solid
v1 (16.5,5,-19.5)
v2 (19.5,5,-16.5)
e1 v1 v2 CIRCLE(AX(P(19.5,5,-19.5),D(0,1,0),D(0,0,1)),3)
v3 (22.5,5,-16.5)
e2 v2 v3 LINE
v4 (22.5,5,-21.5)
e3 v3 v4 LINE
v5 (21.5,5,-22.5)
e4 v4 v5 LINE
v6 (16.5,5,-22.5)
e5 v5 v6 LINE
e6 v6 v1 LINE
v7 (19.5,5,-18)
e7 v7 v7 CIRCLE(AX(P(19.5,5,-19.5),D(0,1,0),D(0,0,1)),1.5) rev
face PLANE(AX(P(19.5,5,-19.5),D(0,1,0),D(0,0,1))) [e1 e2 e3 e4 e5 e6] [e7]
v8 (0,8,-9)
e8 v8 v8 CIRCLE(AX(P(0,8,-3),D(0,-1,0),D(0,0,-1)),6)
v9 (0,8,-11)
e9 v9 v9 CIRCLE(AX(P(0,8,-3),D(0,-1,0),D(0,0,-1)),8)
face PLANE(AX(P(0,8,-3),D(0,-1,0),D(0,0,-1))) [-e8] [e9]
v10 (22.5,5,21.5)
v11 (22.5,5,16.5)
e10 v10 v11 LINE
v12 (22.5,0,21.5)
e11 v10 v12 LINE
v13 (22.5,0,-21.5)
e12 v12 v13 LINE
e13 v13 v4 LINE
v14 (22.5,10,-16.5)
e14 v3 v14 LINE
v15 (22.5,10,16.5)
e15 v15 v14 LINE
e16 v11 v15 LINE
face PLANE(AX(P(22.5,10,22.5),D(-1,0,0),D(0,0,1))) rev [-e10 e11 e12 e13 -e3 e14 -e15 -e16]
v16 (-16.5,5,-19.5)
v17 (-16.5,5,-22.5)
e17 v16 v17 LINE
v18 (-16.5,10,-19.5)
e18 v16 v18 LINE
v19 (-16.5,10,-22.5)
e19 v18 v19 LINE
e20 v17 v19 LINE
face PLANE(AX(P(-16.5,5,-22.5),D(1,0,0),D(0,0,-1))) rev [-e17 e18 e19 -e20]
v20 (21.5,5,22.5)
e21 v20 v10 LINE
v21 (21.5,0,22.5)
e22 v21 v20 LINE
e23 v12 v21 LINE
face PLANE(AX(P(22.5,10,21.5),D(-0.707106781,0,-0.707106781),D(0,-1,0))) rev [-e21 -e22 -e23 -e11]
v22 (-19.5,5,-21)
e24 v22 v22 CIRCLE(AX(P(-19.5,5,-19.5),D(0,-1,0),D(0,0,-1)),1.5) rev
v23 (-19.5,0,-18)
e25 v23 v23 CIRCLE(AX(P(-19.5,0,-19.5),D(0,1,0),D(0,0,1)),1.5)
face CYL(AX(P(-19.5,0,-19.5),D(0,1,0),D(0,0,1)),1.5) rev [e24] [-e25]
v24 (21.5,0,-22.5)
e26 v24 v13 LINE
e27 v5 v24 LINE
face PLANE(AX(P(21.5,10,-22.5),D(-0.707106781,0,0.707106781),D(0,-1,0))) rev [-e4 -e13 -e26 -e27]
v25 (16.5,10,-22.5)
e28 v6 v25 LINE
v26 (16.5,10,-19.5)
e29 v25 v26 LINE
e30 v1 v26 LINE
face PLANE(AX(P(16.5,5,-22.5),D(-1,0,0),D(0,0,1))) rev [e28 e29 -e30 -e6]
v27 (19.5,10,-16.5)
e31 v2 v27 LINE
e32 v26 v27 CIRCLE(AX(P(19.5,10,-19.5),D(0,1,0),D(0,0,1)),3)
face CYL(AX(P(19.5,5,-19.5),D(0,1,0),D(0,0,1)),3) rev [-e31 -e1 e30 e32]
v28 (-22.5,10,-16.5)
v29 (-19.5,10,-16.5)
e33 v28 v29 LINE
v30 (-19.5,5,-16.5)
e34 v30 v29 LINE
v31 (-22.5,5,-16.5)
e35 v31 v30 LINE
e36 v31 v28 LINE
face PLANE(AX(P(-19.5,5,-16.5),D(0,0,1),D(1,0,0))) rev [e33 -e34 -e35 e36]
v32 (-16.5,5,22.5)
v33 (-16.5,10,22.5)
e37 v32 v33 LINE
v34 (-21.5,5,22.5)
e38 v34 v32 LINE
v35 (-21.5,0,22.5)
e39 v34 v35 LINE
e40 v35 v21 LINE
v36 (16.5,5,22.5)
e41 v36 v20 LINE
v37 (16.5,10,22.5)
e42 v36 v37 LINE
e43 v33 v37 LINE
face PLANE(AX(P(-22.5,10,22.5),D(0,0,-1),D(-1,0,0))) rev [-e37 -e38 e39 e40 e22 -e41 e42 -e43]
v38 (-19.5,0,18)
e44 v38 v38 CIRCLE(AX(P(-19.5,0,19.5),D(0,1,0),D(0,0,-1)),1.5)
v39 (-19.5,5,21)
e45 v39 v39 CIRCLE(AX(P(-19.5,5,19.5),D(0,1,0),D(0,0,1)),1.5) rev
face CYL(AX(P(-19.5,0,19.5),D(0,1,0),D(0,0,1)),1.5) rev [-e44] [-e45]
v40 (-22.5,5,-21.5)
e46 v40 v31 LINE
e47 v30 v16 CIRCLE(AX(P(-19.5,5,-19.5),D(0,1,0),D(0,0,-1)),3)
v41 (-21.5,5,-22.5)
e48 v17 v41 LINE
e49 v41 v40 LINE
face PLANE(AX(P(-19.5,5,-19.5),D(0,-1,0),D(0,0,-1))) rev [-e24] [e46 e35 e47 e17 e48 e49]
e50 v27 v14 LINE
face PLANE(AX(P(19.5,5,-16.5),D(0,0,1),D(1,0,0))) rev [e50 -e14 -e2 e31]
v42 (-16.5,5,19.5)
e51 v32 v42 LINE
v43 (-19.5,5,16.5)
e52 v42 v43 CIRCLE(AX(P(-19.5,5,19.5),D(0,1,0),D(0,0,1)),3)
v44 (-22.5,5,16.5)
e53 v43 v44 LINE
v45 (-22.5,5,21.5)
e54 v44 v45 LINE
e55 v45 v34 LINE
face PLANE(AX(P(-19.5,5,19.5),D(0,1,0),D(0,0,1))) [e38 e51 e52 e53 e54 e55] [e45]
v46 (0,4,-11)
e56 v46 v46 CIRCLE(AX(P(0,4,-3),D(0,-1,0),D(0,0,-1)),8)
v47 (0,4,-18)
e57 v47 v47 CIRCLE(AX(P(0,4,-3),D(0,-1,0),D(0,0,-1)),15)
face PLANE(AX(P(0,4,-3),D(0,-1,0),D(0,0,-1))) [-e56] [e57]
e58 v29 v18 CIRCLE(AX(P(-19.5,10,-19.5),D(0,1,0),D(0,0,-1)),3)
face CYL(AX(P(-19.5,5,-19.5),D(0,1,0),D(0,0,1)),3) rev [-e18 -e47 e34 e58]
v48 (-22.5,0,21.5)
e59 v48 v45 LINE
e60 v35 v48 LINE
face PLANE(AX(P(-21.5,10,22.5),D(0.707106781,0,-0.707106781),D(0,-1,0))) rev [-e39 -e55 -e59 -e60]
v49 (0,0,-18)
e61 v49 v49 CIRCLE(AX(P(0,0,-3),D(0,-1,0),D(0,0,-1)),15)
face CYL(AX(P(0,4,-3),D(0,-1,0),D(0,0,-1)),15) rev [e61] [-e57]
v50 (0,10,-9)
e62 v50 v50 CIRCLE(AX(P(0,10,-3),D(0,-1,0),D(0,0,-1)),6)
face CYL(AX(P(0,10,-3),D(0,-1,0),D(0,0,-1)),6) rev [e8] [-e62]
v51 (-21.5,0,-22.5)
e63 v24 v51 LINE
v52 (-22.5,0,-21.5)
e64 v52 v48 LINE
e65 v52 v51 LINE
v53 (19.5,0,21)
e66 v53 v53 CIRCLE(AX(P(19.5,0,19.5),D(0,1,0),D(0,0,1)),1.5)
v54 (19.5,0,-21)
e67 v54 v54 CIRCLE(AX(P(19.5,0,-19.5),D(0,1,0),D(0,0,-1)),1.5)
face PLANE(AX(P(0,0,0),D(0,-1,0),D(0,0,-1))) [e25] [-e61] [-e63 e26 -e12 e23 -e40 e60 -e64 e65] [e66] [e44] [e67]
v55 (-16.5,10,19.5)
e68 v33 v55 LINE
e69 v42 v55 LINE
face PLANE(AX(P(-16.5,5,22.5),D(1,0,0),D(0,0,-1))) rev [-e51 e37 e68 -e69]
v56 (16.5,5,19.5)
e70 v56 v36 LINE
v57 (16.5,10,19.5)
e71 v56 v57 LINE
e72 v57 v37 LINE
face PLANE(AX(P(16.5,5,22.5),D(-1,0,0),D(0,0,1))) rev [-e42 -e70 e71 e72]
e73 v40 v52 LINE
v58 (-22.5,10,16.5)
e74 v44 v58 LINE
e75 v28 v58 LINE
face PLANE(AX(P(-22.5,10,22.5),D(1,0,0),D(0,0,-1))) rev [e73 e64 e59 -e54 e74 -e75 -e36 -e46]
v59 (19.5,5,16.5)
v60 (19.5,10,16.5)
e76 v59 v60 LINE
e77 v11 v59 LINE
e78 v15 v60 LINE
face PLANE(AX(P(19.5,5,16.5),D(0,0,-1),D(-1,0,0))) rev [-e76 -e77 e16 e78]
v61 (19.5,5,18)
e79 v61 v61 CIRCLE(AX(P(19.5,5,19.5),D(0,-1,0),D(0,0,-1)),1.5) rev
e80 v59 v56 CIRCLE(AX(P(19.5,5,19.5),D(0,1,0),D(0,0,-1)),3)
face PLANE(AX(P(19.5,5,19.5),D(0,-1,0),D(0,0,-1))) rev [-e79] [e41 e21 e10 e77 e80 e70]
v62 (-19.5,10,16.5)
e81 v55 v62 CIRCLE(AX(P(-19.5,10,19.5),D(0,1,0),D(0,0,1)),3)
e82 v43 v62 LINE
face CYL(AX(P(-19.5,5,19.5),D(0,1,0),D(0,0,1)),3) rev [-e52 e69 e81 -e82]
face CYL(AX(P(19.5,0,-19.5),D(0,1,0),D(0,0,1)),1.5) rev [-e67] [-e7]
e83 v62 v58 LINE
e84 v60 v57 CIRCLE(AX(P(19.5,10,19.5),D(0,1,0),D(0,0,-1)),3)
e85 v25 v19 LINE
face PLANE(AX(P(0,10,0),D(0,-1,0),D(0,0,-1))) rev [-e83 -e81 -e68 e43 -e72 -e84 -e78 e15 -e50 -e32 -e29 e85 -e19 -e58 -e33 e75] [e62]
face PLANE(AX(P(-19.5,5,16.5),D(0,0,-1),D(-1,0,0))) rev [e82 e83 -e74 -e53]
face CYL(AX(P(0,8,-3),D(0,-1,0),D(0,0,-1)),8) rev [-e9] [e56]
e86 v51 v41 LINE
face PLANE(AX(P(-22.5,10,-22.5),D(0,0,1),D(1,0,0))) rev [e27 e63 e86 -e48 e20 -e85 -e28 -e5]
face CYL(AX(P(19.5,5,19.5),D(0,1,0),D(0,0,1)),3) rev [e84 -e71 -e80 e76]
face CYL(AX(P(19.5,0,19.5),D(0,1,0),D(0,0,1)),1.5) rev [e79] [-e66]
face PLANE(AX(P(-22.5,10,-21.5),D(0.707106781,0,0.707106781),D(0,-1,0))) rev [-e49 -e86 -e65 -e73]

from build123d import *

# Parameters (mm, degrees)
SKETCH_1_W          = 45
SKETCH_1_H          = 45
EXTRUDE_1_DEPTH     = 10
SKETCH_2_R          = 4
CUT_EXTRUDE_4_DEPTH = 34.35416016
SKETCH_3_R          = 15
CUT_EXTRUDE_5_DEPTH = 4
SKETCH_4_R          = 8
CUT_EXTRUDE_6_DEPTH = 4
SKETCH_5_R          = 1.5
CUT_EXTRUDE_7_DEPTH = 34.35416016
CUT_EXTRUDE_8_DEPTH = 5
CHAMFER_1_SIZE      = 1
SKETCH_7_R          = 6
CUT_EXTRUDE_9_DEPTH = 33.810059433


with BuildPart() as part:
    # 草图1 → 凸台-拉伸1 (new body)
    with BuildSketch(Plane(origin=(0, 0, 0), x_dir=(1, 0, 0), z_dir=(0, 1, 0))):
        Rectangle(SKETCH_1_W, SKETCH_1_H)
    extrude(amount=EXTRUDE_1_DEPTH)

    # 草图2 → 切除-拉伸4 (cut, through all)
    with BuildSketch(Plane(origin=(0, 0, 0), x_dir=(1, 0, 0), z_dir=(0, 1, 0))):
        with Locations(Location((0, 3, 0), (0, 0, 270))):
            Circle(SKETCH_2_R)
    extrude(amount=CUT_EXTRUDE_4_DEPTH, mode=Mode.SUBTRACT)

    # 草图3 → 切除-拉伸5 (cut)
    with BuildSketch(Plane.XZ):
        with Locations(Location((0, -3, 0), (0, 0, 270))):
            Circle(SKETCH_3_R)
    extrude(amount=-CUT_EXTRUDE_5_DEPTH, mode=Mode.SUBTRACT)

    # 草图4 → 切除-拉伸6 (cut)
    with BuildSketch(Plane.XZ.offset(-4)):
        with Locations(Location((0, -3, 0), (0, 0, 270))):
            Circle(SKETCH_4_R)
    extrude(amount=-CUT_EXTRUDE_6_DEPTH, mode=Mode.SUBTRACT)

    # 草图5 → 切除-拉伸7 (cut, through all)
    with BuildSketch(Plane(origin=(0, 10, 0), x_dir=(1, 0, 0), z_dir=(0, 1, 0))):
        with Locations(Location((-19.5, 19.5, 0), (0, 0, 270))):
            Circle(SKETCH_5_R)
        with Locations(Location((19.5, 19.5, 0), (0, 0, 90))):
            Circle(SKETCH_5_R)
        with Locations(Location((19.5, -19.5, 0), (0, 0, 270))):
            Circle(SKETCH_5_R)
        with Locations(Location((-19.5, -19.5, 0), (0, 0, 90))):
            Circle(SKETCH_5_R)
    extrude(amount=-CUT_EXTRUDE_7_DEPTH, mode=Mode.SUBTRACT)

    # 草图6 → 切除-拉伸8 (cut)
    with BuildSketch(Plane(origin=(0, 10, 0), x_dir=(1, 0, 0), z_dir=(0, 1, 0))):
        with BuildLine():
            Line((-16.5, 22.5), (-16.5, 19.5))
            ThreePointArc((-16.5, 19.5), (-17.378679656, 17.378679656), (-19.5, 16.5))
            Line((-19.5, 16.5), (-22.5, 16.5))
            Line((-22.5, 16.5), (-22.5, 22.5))
            Line((-22.5, 22.5), (-16.5, 22.5))
        make_face()
        with BuildLine():
            Line((22.5, 16.5), (22.5, 22.5))
            Line((22.5, 22.5), (16.5, 22.5))
            Line((16.5, 22.5), (16.5, 19.5))
            ThreePointArc((16.5, 19.5), (17.378679656, 17.378679656), (19.5, 16.5))
            Line((19.5, 16.5), (22.5, 16.5))
        make_face()
        with BuildLine():
            Line((19.5, -16.5), (22.5, -16.5))
            Line((22.5, -16.5), (22.5, -22.5))
            Line((22.5, -22.5), (16.5, -22.5))
            Line((16.5, -22.5), (16.5, -19.5))
            ThreePointArc((16.5, -19.5), (17.378679656, -17.378679656), (19.5, -16.5))
        make_face()
        with BuildLine():
            Line((-22.5, -16.5), (-22.5, -22.5))
            Line((-22.5, -22.5), (-16.5, -22.5))
            Line((-16.5, -22.5), (-16.5, -19.5))
            ThreePointArc((-16.5, -19.5), (-17.378679656, -17.378679656), (-19.5, -16.5))
            Line((-19.5, -16.5), (-22.5, -16.5))
        make_face()
    extrude(amount=-CUT_EXTRUDE_8_DEPTH, mode=Mode.SUBTRACT)

    # 倒角1
    chamfer_1_edges = [part.edges().sort_by_distance(p)[0] for p in [
        (22.5, 2.5, 22.5),
        (-22.5, 2.5, 22.5),
        (-22.5, 2.5, -22.5),
        (22.5, 2.5, -22.5),
    ]]
    chamfer(chamfer_1_edges, length=CHAMFER_1_SIZE)

    # 草图7 → 切除-拉伸9 (cut, through all)
    with BuildSketch(Plane.XZ.offset(-8)):
        with Locations(Location((0, -3, 0), (0, 0, 270))):
            Circle(SKETCH_7_R)
    extrude(amount=-CUT_EXTRUDE_9_DEPTH, mode=Mode.SUBTRACT)


solid = part.part
